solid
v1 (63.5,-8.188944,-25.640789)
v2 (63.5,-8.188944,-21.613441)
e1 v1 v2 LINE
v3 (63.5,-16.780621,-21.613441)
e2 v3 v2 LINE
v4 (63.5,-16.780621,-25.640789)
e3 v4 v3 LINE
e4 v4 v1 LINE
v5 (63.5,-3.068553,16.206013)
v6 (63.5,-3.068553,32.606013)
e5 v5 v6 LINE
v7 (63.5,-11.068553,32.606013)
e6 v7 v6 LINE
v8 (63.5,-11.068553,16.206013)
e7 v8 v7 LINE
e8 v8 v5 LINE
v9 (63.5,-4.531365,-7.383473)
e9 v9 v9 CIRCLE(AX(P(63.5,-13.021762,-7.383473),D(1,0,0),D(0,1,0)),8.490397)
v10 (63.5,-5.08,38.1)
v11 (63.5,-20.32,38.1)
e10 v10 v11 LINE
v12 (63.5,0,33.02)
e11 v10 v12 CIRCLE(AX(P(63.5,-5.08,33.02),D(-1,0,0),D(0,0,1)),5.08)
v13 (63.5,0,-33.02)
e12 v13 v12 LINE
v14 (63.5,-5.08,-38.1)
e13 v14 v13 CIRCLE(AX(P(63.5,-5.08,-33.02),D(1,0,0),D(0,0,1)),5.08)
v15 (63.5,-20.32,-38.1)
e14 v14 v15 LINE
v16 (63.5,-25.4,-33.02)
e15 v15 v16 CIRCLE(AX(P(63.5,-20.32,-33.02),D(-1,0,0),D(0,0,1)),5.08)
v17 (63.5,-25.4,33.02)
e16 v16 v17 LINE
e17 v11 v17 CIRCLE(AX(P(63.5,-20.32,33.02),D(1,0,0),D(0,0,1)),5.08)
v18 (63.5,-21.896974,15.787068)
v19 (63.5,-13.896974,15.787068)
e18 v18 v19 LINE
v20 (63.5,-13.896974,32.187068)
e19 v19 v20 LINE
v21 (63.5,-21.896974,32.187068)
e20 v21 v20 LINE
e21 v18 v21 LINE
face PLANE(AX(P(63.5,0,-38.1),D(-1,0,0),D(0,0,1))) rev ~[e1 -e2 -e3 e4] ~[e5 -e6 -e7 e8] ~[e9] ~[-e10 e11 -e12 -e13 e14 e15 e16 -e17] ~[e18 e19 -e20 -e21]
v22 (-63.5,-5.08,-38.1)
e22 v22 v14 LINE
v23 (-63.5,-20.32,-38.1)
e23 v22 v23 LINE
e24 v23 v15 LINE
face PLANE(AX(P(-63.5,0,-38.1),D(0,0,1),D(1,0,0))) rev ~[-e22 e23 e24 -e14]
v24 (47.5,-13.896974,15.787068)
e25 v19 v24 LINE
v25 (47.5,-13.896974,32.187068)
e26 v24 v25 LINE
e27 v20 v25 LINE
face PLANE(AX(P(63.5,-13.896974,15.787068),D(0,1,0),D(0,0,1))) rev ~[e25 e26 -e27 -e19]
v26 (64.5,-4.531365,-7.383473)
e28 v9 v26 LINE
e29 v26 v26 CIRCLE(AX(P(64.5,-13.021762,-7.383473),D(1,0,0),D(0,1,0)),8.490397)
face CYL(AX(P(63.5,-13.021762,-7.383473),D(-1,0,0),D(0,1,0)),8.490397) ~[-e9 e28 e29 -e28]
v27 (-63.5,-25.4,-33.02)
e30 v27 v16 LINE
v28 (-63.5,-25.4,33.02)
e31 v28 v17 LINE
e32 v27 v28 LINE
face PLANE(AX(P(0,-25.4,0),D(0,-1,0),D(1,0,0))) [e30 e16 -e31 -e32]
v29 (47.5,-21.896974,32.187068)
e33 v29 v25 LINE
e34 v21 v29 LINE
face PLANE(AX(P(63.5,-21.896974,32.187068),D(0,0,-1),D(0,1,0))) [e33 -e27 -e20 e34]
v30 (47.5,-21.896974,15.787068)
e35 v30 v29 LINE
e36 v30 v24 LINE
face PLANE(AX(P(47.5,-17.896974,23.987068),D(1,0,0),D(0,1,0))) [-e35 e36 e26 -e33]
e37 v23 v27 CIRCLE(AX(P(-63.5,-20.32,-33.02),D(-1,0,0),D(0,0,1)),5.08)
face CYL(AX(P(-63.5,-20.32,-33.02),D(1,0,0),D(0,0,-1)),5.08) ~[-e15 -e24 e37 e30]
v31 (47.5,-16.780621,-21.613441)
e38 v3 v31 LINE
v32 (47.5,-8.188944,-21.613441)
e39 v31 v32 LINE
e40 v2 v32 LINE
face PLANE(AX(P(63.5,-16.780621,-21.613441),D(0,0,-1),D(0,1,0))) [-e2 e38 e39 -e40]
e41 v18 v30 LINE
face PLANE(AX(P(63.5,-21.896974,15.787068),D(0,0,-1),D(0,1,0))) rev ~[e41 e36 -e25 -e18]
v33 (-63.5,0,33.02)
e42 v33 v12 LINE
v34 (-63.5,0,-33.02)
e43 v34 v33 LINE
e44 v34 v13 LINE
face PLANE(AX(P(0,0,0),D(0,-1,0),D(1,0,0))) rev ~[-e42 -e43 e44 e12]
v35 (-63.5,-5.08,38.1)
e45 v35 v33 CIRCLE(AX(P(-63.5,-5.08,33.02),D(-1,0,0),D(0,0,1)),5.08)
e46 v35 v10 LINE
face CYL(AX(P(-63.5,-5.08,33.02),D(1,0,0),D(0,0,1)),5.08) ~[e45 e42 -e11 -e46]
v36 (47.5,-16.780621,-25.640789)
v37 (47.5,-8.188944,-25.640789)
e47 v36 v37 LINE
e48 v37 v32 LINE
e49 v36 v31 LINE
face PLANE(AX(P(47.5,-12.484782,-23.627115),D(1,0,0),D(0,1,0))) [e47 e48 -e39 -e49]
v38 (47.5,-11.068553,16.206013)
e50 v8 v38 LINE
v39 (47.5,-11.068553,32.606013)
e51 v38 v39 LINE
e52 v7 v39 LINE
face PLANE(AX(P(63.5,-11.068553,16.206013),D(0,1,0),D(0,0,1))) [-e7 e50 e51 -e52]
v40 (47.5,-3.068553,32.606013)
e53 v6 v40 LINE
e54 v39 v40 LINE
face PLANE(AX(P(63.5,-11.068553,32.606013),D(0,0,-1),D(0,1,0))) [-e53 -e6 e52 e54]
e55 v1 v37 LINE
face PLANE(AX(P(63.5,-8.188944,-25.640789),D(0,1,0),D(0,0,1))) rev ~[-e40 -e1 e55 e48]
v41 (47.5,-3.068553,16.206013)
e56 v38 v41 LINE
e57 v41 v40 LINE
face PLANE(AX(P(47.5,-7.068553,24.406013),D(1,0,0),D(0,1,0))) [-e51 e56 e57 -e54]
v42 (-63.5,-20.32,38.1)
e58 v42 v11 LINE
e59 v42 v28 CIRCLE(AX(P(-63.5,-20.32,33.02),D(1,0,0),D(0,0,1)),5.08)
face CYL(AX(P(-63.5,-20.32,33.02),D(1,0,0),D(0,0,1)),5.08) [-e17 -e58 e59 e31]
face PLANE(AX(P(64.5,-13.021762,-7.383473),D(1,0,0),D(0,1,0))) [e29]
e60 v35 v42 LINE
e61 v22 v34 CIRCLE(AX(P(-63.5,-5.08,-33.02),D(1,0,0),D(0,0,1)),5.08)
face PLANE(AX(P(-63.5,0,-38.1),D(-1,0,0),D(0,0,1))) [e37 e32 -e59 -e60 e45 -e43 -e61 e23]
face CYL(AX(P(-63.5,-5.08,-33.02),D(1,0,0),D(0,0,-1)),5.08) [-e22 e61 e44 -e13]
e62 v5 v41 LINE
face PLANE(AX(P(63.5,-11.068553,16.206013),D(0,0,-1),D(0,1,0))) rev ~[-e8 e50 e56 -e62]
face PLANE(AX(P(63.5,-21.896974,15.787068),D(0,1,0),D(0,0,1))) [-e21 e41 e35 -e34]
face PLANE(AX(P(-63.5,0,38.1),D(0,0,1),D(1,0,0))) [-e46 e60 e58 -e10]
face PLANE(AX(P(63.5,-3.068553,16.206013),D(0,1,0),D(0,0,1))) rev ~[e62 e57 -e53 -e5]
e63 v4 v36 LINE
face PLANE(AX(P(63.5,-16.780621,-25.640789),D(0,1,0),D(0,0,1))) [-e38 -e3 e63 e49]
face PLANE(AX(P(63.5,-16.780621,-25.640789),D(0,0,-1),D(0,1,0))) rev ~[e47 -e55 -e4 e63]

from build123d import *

# Parameters (mm, degrees)
F0_W      = 127
F0_H      = 76.2
F1_DEPTH  = 25.4
F2_R      = 5.08
F4_W      = 8
F4_H      = 16.4
F5_DEPTH  = 16
F6_W      = 8
F6_H      = 16.4
F7_DEPTH  = 16
F8_R      = 8.490397
F9_DEPTH  = 1
F10_W     = 8.591677
F10_H     = 4.027348
F11_DEPTH = 16


with BuildPart() as f1:
    # F0 (on Front) → F1 (new body)
    with BuildSketch(Plane.XZ):
        Rectangle(F0_W, F0_H)
    extrude(amount=F1_DEPTH)

    # F2
    f2_edges = [f1.edges().sort_by_distance(p)[0] for p in [
        (0, -25.4, 38.1),
        (0, 0, 38.1),
        (0, 0, -38.1),
        (0, -25.4, -38.1),
    ]]
    fillet(f2_edges, radius=F2_R)

    # F4 (on face) → F5 (cut)
    with BuildSketch(Plane.YZ.offset(63.5)):
        with Locations((-17.896974, 23.987068)):
            Rectangle(F4_W, F4_H)
    extrude(amount=-F5_DEPTH, mode=Mode.SUBTRACT)

    # F6 (on face) → F7 (cut)
    with BuildSketch(Plane.YZ.offset(63.5)):
        with Locations((-7.068553, 24.406013)):
            Rectangle(F6_W, F6_H)
    extrude(amount=-F7_DEPTH, mode=Mode.SUBTRACT)

    # F8 (on face) → F9 (join)
    with BuildSketch(Plane.YZ.offset(63.5)):
        with Locations((-13.021762, -7.383473)):
            Circle(F8_R)
    extrude(amount=F9_DEPTH)

    # F10 (on face) → F11 (cut)
    with BuildSketch(Plane.YZ.offset(63.5)):
        with Locations((-12.484782, -23.627115)):
            Rectangle(F10_W, F10_H)
    extrude(amount=-F11_DEPTH, mode=Mode.SUBTRACT)


solid = f1.part
